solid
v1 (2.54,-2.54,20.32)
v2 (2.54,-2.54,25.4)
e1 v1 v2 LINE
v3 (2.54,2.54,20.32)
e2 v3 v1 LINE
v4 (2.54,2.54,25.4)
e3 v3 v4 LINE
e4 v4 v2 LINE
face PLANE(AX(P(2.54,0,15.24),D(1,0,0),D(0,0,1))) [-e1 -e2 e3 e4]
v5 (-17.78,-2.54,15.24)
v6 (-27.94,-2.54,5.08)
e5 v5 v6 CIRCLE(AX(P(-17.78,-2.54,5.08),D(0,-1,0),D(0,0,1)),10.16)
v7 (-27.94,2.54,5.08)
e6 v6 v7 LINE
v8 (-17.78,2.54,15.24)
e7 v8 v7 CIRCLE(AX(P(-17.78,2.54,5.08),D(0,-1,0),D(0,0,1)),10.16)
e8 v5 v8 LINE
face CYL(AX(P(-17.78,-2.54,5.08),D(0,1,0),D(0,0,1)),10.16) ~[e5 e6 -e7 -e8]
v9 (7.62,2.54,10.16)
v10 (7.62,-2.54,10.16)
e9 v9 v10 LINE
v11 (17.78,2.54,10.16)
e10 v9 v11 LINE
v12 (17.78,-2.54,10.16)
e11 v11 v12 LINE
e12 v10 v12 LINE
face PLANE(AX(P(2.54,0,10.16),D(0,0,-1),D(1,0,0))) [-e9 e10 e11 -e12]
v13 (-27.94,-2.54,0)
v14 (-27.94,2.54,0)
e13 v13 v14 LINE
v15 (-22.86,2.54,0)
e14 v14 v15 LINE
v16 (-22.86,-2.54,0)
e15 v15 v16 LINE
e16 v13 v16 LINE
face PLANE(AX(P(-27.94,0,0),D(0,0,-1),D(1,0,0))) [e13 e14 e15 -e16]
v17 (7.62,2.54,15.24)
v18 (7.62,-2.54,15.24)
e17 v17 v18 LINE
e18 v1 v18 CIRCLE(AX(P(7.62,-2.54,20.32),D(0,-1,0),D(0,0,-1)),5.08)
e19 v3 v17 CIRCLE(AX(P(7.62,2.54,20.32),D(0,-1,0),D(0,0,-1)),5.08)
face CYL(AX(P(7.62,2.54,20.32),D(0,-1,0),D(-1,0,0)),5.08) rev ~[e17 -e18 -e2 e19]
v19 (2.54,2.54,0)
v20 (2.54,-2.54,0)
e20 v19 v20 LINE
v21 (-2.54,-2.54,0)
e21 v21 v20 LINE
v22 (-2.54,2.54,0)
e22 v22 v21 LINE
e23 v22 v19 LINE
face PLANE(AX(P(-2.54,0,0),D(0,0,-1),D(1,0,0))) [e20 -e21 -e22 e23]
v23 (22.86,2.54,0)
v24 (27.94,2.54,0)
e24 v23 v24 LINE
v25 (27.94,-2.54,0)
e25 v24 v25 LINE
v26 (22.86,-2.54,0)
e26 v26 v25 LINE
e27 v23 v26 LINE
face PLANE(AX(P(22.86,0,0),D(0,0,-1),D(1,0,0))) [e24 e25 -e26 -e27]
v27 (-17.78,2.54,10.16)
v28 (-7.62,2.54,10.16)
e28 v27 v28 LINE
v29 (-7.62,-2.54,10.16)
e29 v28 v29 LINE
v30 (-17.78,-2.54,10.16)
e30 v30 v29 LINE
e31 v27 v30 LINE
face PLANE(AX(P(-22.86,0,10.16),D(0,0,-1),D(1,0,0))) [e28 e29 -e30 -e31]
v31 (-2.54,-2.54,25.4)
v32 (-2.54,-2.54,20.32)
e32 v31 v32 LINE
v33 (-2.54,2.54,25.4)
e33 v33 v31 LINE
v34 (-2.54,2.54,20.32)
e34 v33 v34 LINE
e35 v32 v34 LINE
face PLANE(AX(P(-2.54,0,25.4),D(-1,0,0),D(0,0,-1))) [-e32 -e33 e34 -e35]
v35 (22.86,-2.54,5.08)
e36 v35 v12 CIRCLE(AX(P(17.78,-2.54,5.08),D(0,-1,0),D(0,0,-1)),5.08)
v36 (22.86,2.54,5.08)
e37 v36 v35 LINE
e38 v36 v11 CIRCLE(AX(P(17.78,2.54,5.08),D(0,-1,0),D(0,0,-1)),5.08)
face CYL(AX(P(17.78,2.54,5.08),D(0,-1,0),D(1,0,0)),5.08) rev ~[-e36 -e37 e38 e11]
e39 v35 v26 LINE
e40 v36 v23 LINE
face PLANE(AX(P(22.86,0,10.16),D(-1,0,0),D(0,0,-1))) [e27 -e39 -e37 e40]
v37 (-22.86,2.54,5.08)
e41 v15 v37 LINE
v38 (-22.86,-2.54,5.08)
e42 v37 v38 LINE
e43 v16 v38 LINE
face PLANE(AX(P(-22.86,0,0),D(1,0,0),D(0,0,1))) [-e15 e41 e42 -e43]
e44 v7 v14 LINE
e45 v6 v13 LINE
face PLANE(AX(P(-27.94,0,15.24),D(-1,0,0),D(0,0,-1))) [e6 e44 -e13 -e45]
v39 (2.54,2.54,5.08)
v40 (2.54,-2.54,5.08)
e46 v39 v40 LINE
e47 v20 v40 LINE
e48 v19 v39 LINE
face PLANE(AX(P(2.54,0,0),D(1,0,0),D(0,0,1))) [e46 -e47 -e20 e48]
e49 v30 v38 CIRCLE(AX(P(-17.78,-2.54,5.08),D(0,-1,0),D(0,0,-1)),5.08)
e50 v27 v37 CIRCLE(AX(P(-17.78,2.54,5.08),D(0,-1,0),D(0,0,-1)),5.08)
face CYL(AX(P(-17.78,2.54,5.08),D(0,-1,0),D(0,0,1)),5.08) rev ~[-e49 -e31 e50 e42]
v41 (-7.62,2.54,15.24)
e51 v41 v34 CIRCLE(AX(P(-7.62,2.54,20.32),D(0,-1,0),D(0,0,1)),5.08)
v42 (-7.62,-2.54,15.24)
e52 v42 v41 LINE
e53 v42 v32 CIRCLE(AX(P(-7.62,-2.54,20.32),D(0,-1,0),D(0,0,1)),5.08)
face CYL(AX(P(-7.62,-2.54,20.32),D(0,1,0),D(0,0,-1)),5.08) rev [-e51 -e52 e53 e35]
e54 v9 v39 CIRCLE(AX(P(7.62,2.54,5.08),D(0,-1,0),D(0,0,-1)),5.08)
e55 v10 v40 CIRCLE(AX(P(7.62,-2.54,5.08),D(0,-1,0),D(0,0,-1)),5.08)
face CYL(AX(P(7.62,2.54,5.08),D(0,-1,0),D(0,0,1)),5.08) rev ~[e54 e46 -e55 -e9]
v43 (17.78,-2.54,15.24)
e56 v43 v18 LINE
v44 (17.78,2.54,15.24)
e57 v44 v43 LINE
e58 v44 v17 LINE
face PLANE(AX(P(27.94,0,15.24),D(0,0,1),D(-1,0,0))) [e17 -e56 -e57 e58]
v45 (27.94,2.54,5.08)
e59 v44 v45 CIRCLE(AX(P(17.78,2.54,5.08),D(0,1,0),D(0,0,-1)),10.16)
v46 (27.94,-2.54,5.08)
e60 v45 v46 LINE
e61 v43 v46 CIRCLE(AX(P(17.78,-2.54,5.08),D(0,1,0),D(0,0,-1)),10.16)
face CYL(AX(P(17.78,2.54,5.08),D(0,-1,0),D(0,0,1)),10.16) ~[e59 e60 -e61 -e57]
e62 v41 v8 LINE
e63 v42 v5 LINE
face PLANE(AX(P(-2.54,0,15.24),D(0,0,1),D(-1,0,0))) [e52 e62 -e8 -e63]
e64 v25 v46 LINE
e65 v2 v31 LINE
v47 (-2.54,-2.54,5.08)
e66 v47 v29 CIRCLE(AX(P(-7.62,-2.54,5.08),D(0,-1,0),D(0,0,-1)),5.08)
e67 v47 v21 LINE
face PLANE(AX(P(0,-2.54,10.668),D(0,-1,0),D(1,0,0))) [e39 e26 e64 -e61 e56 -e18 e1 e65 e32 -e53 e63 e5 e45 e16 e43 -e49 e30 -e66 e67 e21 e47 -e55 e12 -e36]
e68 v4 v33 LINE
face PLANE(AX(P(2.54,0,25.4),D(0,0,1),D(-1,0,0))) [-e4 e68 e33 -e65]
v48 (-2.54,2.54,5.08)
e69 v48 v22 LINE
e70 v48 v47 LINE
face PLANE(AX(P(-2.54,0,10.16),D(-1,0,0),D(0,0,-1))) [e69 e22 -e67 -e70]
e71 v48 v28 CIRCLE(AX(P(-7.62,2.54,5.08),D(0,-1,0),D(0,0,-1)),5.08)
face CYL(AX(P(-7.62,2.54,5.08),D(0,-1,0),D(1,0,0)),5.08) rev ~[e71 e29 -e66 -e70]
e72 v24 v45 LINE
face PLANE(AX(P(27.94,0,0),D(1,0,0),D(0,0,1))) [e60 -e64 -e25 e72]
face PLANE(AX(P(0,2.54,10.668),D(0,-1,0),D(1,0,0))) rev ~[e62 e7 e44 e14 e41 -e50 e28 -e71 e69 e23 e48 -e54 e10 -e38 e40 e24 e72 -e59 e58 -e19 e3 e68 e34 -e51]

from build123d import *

# Parameters (mm, degrees)
F1_DEPTH = 2.54
F2_R     = 5.08
F3_R     = 10.16


with BuildPart() as f1:
    # F0 (on Front) → F1 (new body, symmetric)
    with BuildSketch(Plane.XZ):
        Polygon((-27.94, 0), (-22.86, 0), (-22.86, 10.16), (-2.54, 10.16), (-2.54, 0), (2.54, 0), (2.54, 10.16), (22.86, 10.16), (22.86, 0), (27.94, 0), (27.94, 15.24), (2.54, 15.24), (2.54, 25.4), (-2.54, 25.4), (-2.54, 15.24), (-27.94, 15.24), align=None)
    extrude(amount=F1_DEPTH, both=True)

    # F2
    f2_edges = [f1.edges().sort_by_distance(p)[0] for p in [
        (2.54, 0, 15.24),
        (2.54, 0, 10.16),
        (-2.54, 0, 10.16),
        (-2.54, 0, 15.24),
        (22.86, 0, 10.16),
        (-22.86, 0, 10.16),
    ]]
    fillet(f2_edges, radius=F2_R)

    # F3
    f3_edges = [f1.edges().sort_by_distance(p)[0] for p in [
        (27.94, 0, 15.24),
        (-27.94, 0, 15.24),
    ]]
    fillet(f3_edges, radius=F3_R)


solid = f1.part
